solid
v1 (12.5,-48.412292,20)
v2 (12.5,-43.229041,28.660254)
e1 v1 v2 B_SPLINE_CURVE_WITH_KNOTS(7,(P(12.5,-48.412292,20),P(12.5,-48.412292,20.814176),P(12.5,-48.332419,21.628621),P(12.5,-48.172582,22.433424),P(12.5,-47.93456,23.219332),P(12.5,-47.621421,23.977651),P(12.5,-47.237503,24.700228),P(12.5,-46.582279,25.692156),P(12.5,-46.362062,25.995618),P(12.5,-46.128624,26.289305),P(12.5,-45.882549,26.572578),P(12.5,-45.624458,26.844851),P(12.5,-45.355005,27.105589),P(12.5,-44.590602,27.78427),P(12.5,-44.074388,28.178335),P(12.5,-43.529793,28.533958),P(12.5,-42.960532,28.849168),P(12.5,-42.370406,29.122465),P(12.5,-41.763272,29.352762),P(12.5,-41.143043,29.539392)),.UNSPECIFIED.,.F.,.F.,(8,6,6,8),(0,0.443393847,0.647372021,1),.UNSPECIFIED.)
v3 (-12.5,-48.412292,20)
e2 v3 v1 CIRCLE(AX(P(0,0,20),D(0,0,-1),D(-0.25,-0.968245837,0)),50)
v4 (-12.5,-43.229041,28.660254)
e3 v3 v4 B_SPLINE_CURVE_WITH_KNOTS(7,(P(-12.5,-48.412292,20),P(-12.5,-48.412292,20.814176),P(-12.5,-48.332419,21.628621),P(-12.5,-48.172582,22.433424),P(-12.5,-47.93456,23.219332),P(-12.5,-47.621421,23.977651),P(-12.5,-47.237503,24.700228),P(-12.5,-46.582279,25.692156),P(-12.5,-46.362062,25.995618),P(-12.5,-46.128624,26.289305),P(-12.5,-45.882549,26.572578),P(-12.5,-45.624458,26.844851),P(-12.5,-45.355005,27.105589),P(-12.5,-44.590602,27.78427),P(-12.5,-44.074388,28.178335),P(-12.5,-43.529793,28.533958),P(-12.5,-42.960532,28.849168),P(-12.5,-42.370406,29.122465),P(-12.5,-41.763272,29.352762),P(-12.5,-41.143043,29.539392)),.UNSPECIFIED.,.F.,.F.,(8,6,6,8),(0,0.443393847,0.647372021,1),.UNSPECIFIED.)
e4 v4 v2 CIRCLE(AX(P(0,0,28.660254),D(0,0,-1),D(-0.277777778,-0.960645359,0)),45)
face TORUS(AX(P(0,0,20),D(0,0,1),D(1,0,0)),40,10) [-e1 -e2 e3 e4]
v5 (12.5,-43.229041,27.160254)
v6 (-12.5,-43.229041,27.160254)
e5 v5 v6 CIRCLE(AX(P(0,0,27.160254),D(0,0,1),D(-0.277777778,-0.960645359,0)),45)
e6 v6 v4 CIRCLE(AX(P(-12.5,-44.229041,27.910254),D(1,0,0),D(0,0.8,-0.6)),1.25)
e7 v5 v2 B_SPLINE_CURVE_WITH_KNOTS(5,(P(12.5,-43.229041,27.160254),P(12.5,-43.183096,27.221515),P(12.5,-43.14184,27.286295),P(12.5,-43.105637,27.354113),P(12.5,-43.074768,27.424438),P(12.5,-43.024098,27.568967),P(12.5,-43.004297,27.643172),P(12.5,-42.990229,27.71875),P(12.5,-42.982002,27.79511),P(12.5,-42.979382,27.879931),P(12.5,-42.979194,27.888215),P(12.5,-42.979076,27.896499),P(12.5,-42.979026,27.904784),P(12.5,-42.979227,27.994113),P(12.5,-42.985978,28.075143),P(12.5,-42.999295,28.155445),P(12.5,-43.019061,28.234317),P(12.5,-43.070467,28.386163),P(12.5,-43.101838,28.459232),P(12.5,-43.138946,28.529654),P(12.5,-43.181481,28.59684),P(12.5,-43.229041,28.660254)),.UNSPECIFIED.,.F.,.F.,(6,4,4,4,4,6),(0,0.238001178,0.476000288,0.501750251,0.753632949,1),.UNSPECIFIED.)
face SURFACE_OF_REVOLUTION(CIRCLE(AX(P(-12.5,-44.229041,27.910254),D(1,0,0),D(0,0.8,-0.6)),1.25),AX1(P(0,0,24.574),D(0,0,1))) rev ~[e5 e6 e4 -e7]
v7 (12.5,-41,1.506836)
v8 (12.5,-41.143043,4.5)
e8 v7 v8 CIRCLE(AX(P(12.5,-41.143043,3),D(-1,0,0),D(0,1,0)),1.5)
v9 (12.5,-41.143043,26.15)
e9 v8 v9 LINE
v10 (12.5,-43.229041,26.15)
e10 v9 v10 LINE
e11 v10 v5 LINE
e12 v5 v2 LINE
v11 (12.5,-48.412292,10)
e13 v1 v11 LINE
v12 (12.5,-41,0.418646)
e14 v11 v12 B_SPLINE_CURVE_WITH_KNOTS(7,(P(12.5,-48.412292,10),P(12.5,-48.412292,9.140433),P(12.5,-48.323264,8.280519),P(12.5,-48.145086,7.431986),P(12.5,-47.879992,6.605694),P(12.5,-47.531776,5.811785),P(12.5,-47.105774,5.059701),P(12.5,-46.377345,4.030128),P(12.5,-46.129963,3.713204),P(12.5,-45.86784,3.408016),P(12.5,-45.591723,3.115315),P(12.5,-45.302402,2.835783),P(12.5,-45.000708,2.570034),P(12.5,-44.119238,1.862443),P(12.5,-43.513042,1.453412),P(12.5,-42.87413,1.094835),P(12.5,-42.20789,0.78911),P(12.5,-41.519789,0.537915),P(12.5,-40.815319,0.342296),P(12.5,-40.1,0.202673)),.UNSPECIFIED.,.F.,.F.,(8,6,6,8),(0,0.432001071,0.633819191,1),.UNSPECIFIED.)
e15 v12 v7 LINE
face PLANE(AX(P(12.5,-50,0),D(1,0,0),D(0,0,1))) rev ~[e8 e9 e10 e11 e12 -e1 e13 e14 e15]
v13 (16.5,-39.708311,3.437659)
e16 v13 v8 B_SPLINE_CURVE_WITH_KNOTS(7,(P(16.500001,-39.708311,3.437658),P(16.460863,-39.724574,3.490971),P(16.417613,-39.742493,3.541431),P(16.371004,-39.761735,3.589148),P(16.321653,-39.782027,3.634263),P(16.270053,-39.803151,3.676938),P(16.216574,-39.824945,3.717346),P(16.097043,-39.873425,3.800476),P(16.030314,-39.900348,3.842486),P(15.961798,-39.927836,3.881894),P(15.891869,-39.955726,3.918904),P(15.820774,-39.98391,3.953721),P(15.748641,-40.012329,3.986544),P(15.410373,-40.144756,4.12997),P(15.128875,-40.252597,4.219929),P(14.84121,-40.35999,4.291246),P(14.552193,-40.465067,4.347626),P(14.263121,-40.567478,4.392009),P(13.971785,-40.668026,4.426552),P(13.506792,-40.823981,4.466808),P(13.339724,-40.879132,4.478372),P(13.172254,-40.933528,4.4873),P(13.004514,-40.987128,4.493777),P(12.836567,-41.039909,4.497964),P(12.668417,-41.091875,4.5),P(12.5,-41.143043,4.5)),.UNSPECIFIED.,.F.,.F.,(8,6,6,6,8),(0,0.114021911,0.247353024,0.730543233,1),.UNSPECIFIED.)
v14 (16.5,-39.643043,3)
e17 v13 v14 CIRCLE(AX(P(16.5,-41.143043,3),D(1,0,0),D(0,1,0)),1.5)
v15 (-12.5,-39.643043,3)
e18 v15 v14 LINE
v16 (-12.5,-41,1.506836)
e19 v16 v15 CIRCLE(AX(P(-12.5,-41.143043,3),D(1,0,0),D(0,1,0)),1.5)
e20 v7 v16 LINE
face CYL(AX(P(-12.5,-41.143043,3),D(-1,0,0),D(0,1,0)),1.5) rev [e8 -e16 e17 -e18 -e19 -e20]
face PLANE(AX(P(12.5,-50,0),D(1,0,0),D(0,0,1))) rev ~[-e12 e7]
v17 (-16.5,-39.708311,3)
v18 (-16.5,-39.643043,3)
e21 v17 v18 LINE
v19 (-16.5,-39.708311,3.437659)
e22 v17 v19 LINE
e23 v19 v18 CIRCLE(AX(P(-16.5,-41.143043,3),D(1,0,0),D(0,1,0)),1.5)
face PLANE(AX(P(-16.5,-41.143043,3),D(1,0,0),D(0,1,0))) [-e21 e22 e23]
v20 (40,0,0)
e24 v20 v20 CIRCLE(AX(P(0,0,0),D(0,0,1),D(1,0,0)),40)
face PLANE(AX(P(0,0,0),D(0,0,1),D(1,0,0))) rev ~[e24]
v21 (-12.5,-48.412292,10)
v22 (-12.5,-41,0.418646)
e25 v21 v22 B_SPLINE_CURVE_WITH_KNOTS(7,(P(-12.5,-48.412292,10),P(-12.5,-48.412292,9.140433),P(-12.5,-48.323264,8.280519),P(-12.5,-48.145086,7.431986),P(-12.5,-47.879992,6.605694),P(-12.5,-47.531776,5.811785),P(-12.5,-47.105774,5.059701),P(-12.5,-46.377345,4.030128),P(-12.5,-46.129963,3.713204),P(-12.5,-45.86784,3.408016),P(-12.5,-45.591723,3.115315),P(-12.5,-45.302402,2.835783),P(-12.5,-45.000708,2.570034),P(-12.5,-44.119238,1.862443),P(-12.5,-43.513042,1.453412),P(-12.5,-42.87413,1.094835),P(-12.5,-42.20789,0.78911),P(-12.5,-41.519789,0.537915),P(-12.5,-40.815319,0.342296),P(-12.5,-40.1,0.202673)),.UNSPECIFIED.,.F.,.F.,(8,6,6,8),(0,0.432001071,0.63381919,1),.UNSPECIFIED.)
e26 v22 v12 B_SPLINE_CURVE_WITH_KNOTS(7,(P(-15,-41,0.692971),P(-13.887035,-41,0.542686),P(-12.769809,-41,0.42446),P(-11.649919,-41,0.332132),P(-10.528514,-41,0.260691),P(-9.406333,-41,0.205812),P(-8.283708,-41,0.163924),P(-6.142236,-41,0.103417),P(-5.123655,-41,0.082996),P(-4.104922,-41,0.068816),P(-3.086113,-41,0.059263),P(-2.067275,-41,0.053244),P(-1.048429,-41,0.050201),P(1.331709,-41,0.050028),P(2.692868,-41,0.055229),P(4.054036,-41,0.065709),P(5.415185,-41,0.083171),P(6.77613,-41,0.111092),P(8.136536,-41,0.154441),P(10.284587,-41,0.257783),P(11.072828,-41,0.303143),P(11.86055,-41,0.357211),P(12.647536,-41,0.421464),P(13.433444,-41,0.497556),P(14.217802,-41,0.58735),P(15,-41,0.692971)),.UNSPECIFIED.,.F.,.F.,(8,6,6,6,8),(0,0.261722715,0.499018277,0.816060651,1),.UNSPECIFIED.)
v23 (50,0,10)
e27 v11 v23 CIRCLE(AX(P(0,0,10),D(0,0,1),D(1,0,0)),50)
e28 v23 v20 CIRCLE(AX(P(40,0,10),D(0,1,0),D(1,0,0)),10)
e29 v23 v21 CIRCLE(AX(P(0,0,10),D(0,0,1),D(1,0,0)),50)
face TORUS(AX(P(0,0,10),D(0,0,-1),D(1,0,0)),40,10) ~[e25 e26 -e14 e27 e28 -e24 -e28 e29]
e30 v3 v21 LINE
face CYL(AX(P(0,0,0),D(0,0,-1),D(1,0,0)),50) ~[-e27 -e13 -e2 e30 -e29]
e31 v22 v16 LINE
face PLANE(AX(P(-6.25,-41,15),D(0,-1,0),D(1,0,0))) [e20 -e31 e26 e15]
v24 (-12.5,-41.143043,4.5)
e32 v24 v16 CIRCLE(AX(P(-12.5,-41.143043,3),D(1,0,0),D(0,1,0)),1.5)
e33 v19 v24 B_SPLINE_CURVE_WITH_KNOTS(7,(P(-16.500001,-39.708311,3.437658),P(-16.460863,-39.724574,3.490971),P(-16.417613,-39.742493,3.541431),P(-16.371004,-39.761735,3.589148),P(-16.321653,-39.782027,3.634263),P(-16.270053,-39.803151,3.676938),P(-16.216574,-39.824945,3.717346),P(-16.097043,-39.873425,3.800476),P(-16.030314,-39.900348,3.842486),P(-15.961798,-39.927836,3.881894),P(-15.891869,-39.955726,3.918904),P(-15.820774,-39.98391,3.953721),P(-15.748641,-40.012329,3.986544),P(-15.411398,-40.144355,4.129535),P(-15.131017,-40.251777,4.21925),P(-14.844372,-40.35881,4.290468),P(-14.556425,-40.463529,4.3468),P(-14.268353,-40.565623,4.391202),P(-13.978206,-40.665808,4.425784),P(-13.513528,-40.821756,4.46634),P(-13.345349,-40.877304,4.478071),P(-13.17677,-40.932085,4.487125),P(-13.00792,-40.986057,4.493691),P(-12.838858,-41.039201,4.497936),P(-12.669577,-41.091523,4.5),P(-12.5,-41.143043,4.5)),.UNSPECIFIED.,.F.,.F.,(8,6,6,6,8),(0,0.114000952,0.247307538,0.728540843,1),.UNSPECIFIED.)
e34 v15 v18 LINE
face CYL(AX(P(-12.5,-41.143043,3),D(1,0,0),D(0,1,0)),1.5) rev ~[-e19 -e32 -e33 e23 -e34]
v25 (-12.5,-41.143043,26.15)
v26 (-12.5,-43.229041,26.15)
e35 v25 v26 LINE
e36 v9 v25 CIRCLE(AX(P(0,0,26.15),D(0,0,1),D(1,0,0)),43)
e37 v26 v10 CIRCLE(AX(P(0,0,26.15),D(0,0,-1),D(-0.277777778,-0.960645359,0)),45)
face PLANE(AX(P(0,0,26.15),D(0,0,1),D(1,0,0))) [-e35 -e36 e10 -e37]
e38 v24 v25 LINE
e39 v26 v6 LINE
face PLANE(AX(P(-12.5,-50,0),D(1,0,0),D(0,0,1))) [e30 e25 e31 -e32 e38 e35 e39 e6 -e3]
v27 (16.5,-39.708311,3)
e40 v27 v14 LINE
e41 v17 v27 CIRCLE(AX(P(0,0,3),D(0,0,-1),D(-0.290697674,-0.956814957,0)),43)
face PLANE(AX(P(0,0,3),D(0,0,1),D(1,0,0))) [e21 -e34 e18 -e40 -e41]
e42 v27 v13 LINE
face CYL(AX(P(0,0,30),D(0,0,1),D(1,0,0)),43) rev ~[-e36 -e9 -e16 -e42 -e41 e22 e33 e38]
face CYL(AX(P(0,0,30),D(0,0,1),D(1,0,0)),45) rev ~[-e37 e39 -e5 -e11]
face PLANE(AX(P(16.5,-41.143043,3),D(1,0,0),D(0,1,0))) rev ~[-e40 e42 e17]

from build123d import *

# Parameters (mm, degrees)
F0_R      = 50
F1_DEPTH  = 30
F2_R      = 10
F3_R      = 43
F4_DEPTH  = 27
F6_W      = 12.5
F6_H      = 30
F7_DEPTH  = 9
F9_R      = 45
F10_DEPTH = 3.85
F12_R     = 1.5
F13_DEPTH = 4
F14_DEPTH = 29
F18_DEPTH = 9


with BuildPart() as f1:
    # F0 (on Top) → F1 (new body)
    with BuildSketch(Plane.XY):
        Circle(F0_R)
    extrude(amount=F1_DEPTH)

    # F2
    f2_edges = [f1.edges().sort_by_distance(p)[0] for p in [
        (-50, 0, 30),
        (-50, 0, 0),
    ]]
    fillet(f2_edges, radius=F2_R)

    # F3 (on face) → F4 (cut)
    with BuildSketch(Plane.XY.offset(30)):
        Circle(F3_R)
    extrude(amount=-F4_DEPTH, mode=Mode.SUBTRACT)

    # F6 (on offset) → F7 (cut)
    with BuildSketch(Plane.XZ.offset(50)):
        with Locations((-6.25, 15)):
            Rectangle(F6_W, F6_H)
        with Locations((6.25, 15)):
            Rectangle(F6_W, F6_H)
    extrude(amount=-F7_DEPTH, mode=Mode.SUBTRACT)

    # F9 (on offset) → F10 (cut)
    with BuildSketch(Plane.XY.offset(30)):
        Circle(F9_R)
    extrude(amount=-F10_DEPTH, mode=Mode.SUBTRACT)

    # F12 (on offset) → F13 (cut)
    with BuildSketch(Plane.YZ.offset(-12.5)):
        with Locations((-41.1430431543, 3)):
            Circle(F12_R)
    extrude(amount=-F13_DEPTH, mode=Mode.SUBTRACT)

    # F12 (on offset) → F14 (cut)
    with BuildSketch(Plane.YZ.offset(-12.5)):
        with Locations((-41.1430431543, 3)):
            Circle(F12_R)
    extrude(amount=F14_DEPTH, mode=Mode.SUBTRACT)

    # F15 (on offset) → F17 (revolve)
    with BuildSketch(Plane.YZ.offset(-12.5)):
        with BuildLine():
            Line((-43.2290411645, 28.6602540378), (-43.2290411645, 27.1602540378))
            ThreePointArc((-43.2290411645, 27.1602540378), (-42.9790411645, 27.9102540378), (-43.2290411645, 28.6602540378))
        make_face()
    revolve(axis=Axis((0, 0, 24.574), (0, 0, 1)))

    # F6 (on offset) → F18 (cut)
    with BuildSketch(Plane.XZ.offset(50)):
        with Locations((-6.25, 15)):
            Rectangle(F6_W, F6_H)
        with Locations((6.25, 15)):
            Rectangle(F6_W, F6_H)
    extrude(amount=-F18_DEPTH, mode=Mode.SUBTRACT)


solid = f1.part
